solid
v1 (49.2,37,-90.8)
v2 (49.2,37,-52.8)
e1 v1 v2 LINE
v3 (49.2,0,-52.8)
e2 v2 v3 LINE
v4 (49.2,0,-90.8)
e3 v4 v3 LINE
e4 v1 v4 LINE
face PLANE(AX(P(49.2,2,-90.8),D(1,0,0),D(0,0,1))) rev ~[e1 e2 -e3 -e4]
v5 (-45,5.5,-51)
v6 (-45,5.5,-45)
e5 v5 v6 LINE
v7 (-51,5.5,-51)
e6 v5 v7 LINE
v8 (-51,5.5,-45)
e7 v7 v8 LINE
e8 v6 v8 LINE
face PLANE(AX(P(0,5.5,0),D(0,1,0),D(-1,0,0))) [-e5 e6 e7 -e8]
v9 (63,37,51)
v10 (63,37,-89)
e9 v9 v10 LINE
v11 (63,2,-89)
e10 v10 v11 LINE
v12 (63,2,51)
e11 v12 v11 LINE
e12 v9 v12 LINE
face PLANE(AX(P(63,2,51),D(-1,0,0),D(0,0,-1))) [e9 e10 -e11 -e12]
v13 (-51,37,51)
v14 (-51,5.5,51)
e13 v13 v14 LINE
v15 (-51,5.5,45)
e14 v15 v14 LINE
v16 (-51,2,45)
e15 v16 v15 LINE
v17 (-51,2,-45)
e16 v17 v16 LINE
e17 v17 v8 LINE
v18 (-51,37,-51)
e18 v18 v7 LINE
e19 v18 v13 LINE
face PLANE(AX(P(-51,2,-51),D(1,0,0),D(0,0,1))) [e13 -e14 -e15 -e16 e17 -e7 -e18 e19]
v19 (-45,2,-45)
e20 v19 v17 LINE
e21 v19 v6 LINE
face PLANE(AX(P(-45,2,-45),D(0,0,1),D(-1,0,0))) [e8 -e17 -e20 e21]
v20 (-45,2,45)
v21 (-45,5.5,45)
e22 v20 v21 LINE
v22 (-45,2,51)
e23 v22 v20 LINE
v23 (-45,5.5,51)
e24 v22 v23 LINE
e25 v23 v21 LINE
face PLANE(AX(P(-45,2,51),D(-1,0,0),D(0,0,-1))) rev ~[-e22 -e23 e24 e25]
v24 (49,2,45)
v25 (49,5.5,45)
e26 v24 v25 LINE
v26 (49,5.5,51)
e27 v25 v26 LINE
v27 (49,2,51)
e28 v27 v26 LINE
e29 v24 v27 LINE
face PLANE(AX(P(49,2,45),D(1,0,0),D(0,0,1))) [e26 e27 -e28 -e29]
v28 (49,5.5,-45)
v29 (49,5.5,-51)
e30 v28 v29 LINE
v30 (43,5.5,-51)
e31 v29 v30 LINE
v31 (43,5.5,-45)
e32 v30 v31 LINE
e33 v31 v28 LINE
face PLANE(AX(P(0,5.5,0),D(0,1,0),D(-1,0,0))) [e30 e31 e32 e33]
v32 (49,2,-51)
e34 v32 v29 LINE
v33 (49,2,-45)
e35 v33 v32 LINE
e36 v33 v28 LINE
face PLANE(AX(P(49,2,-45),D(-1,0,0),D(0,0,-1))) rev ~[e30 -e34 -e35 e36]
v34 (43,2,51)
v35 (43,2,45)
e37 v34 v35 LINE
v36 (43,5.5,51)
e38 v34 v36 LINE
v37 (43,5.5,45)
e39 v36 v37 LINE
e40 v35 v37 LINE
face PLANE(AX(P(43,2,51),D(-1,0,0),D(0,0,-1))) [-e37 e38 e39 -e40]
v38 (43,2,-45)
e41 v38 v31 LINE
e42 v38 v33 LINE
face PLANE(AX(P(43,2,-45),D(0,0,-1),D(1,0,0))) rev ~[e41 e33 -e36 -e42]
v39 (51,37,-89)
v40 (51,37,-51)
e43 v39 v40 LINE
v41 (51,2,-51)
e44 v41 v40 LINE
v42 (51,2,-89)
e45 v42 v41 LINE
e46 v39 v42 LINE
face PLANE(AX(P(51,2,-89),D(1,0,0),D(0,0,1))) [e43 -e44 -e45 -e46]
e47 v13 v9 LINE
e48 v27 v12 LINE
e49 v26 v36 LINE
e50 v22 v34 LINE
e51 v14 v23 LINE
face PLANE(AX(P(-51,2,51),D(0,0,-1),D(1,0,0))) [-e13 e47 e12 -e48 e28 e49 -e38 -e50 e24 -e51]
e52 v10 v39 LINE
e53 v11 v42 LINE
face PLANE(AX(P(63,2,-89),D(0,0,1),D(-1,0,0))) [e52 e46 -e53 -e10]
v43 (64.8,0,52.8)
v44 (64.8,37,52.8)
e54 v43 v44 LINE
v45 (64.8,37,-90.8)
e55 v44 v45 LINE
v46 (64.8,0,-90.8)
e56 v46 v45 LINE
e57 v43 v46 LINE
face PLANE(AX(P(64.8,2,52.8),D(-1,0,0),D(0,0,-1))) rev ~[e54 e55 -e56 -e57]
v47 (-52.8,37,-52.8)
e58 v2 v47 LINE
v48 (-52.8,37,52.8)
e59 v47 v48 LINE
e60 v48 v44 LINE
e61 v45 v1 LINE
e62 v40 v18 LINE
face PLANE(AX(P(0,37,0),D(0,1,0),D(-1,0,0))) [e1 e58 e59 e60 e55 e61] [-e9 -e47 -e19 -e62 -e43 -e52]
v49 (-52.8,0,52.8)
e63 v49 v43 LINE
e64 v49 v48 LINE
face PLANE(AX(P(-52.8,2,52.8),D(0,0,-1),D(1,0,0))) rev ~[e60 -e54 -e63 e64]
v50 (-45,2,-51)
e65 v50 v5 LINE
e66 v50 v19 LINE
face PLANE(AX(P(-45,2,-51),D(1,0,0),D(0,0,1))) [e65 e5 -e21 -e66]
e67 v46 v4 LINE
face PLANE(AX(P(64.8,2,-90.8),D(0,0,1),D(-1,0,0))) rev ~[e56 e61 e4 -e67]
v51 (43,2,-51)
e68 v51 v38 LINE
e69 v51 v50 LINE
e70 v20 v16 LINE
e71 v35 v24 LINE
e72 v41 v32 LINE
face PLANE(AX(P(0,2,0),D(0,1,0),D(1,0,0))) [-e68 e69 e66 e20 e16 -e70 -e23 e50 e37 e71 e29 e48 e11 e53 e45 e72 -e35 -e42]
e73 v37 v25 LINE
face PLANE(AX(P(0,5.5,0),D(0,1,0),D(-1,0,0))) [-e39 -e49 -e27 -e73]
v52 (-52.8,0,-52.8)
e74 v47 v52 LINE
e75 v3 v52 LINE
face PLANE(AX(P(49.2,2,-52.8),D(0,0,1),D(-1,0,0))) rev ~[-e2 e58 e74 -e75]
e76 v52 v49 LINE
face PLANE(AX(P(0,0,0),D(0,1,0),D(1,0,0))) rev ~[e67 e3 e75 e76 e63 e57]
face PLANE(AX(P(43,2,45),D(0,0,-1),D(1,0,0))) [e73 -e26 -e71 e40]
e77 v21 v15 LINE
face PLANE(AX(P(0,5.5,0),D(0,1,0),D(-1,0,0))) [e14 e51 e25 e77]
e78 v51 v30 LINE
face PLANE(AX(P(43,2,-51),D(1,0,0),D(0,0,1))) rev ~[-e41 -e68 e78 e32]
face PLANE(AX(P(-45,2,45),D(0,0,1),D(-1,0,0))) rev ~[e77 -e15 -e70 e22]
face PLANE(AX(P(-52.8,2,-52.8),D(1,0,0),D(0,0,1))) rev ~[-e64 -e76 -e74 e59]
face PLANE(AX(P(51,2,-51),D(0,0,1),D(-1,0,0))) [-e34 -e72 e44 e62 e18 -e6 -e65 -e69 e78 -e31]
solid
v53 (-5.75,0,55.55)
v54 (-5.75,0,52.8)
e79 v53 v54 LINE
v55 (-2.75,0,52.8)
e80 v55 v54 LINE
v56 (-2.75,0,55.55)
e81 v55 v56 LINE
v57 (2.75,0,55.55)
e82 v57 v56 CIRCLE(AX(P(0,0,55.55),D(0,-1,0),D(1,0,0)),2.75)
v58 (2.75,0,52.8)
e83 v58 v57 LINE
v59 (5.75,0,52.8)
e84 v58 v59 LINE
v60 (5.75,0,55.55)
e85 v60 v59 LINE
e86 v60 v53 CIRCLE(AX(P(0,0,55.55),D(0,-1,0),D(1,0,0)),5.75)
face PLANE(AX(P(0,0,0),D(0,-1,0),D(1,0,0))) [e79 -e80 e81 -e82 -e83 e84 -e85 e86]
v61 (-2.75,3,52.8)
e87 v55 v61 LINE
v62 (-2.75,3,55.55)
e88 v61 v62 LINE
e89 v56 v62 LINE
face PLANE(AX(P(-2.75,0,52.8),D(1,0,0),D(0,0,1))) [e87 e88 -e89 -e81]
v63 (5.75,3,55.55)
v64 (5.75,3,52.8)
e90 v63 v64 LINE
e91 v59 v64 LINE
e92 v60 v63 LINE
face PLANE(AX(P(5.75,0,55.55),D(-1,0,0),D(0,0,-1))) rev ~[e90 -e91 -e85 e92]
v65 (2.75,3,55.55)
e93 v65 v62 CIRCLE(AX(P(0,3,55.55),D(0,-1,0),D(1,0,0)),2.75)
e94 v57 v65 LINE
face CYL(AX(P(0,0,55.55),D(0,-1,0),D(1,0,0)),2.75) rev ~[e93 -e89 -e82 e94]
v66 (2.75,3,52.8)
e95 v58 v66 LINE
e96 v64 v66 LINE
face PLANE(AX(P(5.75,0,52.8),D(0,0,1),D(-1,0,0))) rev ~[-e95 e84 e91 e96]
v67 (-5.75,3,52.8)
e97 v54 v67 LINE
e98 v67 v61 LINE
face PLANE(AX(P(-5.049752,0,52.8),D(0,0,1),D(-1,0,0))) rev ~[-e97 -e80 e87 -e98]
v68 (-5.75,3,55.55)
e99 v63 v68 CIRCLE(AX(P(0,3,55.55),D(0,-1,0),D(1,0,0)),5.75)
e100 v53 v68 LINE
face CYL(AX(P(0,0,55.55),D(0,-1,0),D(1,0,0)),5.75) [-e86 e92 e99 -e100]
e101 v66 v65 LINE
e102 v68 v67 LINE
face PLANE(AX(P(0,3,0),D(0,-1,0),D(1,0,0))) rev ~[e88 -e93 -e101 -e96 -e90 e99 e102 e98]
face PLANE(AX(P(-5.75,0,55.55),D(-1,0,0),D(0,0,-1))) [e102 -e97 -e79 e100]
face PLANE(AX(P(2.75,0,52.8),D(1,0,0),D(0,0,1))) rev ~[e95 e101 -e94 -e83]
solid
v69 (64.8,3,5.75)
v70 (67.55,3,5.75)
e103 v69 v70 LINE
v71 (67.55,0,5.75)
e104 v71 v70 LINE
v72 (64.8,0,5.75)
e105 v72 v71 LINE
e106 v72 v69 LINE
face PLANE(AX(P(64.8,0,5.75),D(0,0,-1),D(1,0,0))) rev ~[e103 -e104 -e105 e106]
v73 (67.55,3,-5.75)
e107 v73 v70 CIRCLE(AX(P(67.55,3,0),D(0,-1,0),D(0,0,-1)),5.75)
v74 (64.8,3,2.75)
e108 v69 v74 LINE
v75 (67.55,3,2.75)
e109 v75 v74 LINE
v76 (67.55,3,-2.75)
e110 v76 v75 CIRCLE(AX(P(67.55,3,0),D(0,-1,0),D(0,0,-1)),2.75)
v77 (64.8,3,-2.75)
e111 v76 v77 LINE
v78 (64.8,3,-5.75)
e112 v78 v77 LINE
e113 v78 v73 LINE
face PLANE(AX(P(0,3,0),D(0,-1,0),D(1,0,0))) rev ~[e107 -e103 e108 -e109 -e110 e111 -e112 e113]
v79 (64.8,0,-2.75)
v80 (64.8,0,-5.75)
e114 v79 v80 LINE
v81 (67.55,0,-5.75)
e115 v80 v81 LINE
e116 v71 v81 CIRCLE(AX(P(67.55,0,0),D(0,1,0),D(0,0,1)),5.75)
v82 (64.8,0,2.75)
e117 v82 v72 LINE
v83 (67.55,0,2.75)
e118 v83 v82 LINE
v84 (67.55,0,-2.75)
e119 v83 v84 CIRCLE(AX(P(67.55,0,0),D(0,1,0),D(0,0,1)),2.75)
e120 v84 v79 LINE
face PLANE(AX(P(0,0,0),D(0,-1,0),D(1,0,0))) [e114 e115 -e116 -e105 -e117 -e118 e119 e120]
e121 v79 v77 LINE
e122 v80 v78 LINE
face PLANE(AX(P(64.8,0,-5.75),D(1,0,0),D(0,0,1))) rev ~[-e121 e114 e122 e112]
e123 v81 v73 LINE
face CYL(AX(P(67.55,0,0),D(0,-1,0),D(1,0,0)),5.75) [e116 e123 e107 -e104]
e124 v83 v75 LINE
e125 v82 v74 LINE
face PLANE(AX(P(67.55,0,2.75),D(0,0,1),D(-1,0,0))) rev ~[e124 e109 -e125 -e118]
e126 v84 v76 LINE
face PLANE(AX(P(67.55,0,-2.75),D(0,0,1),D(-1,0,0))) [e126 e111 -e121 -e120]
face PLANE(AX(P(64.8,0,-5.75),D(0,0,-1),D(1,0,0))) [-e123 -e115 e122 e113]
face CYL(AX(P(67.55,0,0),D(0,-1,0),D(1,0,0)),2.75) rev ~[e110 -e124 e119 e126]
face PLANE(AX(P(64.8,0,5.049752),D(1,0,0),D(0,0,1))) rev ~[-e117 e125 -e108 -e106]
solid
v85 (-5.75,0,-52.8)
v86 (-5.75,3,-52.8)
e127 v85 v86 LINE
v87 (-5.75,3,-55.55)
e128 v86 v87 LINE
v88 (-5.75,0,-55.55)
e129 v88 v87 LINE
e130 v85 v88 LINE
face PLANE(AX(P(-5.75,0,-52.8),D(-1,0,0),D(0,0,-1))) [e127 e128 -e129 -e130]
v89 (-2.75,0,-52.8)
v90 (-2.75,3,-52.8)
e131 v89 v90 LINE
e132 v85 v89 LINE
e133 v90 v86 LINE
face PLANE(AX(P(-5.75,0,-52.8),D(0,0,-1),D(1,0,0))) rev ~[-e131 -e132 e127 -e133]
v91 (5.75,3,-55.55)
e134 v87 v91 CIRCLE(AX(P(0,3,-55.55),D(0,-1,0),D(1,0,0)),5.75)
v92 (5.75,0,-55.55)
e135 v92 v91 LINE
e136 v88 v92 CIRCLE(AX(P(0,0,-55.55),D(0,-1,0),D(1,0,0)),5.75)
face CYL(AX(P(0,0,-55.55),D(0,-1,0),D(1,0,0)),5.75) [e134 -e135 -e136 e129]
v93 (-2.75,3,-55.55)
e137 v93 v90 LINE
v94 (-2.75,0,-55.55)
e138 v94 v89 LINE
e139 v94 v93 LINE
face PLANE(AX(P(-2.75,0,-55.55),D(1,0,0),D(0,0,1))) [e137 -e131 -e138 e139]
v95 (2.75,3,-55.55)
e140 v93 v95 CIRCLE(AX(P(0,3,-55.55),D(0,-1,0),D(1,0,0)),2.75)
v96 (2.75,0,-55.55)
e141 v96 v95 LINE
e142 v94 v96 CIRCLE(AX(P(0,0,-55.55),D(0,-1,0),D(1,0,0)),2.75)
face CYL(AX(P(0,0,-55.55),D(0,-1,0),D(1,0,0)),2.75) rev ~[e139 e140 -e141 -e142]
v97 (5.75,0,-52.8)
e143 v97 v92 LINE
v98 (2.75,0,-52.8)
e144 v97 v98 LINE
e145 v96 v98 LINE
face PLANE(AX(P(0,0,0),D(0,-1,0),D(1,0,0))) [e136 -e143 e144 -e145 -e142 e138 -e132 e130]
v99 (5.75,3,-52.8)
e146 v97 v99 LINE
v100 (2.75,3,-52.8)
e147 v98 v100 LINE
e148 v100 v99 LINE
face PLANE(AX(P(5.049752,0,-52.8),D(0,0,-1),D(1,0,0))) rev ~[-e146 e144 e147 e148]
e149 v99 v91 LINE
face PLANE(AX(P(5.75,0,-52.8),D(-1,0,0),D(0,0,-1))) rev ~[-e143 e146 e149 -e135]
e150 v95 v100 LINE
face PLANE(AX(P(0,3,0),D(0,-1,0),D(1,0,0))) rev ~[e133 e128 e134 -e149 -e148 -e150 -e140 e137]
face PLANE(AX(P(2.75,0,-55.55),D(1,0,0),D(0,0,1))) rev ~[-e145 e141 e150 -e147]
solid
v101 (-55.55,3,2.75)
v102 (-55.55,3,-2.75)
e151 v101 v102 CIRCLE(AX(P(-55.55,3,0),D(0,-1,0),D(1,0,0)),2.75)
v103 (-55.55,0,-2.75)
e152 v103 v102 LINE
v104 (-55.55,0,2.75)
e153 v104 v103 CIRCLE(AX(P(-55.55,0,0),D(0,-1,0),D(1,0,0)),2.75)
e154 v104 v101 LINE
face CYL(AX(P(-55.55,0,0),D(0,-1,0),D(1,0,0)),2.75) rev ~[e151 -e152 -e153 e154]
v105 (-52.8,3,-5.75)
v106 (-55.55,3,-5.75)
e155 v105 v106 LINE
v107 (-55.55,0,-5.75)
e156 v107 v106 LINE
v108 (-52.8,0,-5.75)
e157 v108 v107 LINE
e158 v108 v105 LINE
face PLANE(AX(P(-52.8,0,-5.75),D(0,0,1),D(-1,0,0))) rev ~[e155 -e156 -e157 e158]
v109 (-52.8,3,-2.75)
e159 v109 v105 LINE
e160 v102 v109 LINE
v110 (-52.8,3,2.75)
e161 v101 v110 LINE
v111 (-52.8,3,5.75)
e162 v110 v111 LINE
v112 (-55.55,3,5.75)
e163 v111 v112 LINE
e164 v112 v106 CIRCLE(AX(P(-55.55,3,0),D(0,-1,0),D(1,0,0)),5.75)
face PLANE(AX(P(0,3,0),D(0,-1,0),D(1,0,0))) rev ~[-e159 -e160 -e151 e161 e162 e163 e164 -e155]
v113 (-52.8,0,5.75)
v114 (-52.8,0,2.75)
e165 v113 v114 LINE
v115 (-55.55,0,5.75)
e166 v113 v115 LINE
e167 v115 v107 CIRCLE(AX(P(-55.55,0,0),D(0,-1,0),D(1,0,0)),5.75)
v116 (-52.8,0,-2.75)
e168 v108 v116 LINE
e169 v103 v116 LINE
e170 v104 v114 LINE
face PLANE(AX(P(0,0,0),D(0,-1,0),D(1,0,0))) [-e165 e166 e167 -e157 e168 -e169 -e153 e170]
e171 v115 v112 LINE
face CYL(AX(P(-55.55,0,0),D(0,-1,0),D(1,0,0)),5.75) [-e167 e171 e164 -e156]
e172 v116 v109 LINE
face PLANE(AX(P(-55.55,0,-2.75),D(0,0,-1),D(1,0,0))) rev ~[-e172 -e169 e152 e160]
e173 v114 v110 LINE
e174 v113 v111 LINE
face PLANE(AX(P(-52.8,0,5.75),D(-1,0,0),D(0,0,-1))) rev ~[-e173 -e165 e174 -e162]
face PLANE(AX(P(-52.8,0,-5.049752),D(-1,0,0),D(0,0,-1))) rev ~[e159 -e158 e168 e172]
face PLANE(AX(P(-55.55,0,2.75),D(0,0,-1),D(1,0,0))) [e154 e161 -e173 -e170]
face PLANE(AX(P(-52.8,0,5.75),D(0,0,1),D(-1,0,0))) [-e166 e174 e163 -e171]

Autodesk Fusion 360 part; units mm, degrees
sketch "Sketch2" plane through (0, 0, 0) normal (0, 1, 0) x (1, 0, 0)
  line L0 (-51, 51) -> (-51, -51)
  line L1 (-51, -51) -> (63, -51)
  line L2 (63, -51) -> (63, 89)
  line L3 (63, 89) -> (51, 89)
  line L4 (51, 89) -> (51, 51)
  line L5 (51, 51) -> (-51, 51)
  dimension "d11" = 51
  dimension "d12" = 102
  dimension "d13" = 51
  dimension "d14" = 12
  dimension "d15" = 140
  dimension "d33" = 102
extrude "Extrude2" add sketch "Sketch2" along normal blind 2 makes body 1
sketch "Sketch3" plane through (0, 2, 0) normal (0, 1, 0) x (-1, 0, 0)
  line L0 (-51, -51) -> (51, -51)
  line L1 (51, -51) -> (51, 51)
  line L2 (51, 51) -> (-63, 51)
  line L3 (-63, 51) -> (-63, -89)
  line L4 (-63, -89) -> (-51, -89)
  line L5 (-51, -89) -> (-51, -51)
  line L6 (52.8, 52.8) -> (-64.8, 52.8)
  line L7 (-64.8, 52.8) -> (-64.8, -90.8)
  line L8 (-64.8, -90.8) -> (-49.2, -90.8)
  line L9 (-49.2, -90.8) -> (-49.2, -52.8)
  line L10 (-49.2, -52.8) -> (52.8, -52.8)
  line L11 (52.8, -52.8) -> (52.8, 52.8)
  dimension "d21" = 1.8
extrude "Extrude3" add sketch "Sketch3" along normal blind 35 and the other way blind 2 bodies 1
sketch "Sketch4" plane through (0, 2, 0) normal (0, 1, 0) x (-1, 0, 0)
  line L0 (-51, -51) -> (51, -51)
  line L1 (51, -51) -> (51, 51)
  line L2 (-63, -89) -> (-51, -89)
  line L3 (-51, -89) -> (-51, -51)
  line L4 (51, -51) -> (45, -51)
  line L5 (45, -51) -> (45, -45)
  line L6 (45, -45) -> (51, -45)
  line L7 (51, -45) -> (51, -51)
  line L8 (51, 51) -> (45, 51)
  line L9 (45, 51) -> (45, 45)
  line L10 (45, 45) -> (51, 45)
  line L11 (51, 45) -> (51, 51)
  line L12 (-43, -45) -> (-49, -45)
  line L13 (-49, -45) -> (-49, -51)
  line L14 (-49, -51) -> (-43, -51)
  line L15 (-43, -51) -> (-43, -45)
  line L16 (-43, 45) -> (-49, 45)
  line L17 (-49, 45) -> (-49, 51)
  line L18 (-49, 51) -> (-43, 51)
  line L19 (-43, 51) -> (-43, 45)
  dimension "d24" = 6
  dimension "d25" = 6
  dimension "d26" = 6
  dimension "d27" = 6
  dimension "d30" = 6
  dimension "d31" = 6
  dimension "d32" = 100
  dimension "d34" = 6
  dimension "d35" = 6
  dimension "d36" = 100
extrude "Extrude4" add sketch "Sketch4" along normal blind 3.5 bodies 1
sketch "Sketch5" plane through (0, 0, 0) normal (0, -1, 0) x (1, 0, 0)
  line L0 (-52.8, 52.8) -> (-52.8, -52.8)
  line L1 (-52.8, -52.8) -> (49.2, -52.8)
  line L2 (49.2, -52.8) -> (49.2, -90.8)
  line L3 (49.2, -90.8) -> (64.8, -90.8)
  line L4 (64.8, -90.8) -> (64.8, 52.8)
  line L5 (64.8, 52.8) -> (-52.8, 52.8)
  line L6 (-5.75, 52.8) -> (-2.75, 52.8)
  line L7 (-2.75, 52.8) -> (-2.75, 55.55)
  line L8 (-2.75, 55.55) -> (-5.75, 55.55)
  line L9 (-5.75, 55.55) -> (-5.75, 52.8)
  line L10 (5.75, 52.8) -> (2.75, 52.8)
  line L11 (2.75, 52.8) -> (2.75, 55.55)
  line L12 (2.75, 55.55) -> (5.75, 55.55)
  line L13 (5.75, 55.55) -> (5.75, 52.8)
  circle A0 centre (0, 55.55) radius 5.75
  circle A1 centre (0, 55.55) radius 2.75
  line L14 (-55.55, 5.75) -> (-55.55, 2.75)
  line L15 (-52.8, 5.75) -> (-55.55, 5.75)
  circle A2 centre (-55.55, 0) radius 2.75
  circle A3 centre (-55.55, 0) radius 5.75
  line L16 (-55.55, 2.75) -> (-52.8, 2.75)
  line L17 (-52.8, 2.75) -> (-52.8, 5.75)
  line L18 (-52.8, -5.75) -> (-55.55, -5.75)
  line L19 (-55.55, -2.75) -> (-52.8, -2.75)
  line L20 (-52.8, -2.75) -> (-52.8, -5.75)
  line L21 (-55.55, -5.75) -> (-55.55, -2.75)
  line L22 (64.8, -5.75) -> (67.55, -5.75)
  line L23 (64.8, 5.75) -> (67.55, 5.75)
  circle A4 centre (67.55, 0) radius 2.75
  line L24 (64.8, -2.75) -> (64.8, -5.75)
  line L25 (67.55, -2.75) -> (64.8, -2.75)
  line L26 (67.55, 2.75) -> (64.8, 2.75)
  line L27 (67.55, 5.75) -> (67.55, 2.75)
  line L28 (64.8, 2.75) -> (64.8, 5.75)
  circle A5 centre (67.55, 0) radius 5.75
  line L29 (67.55, -5.75) -> (67.55, -2.75)
  line L30 (2.75, -52.8) -> (5.75, -52.8)
  line L31 (-2.75, -52.8) -> (-5.75, -52.8)
  line L32 (-2.75, -55.55) -> (-2.75, -52.8)
  line L33 (-5.75, -52.8) -> (-5.75, -55.55)
  line L34 (5.75, -55.55) -> (2.75, -55.55)
  line L35 (-5.75, -55.55) -> (-2.75, -55.55)
  line L36 (2.75, -55.55) -> (2.75, -52.8)
  circle A6 centre (0, -55.55) radius 2.75
  line L37 (5.75, -52.8) -> (5.75, -55.55)
  circle A7 centre (0, -55.55) radius 5.75
  dimension "d39" = 3
  dimension "d40" = 3
  dimension "d41" = 5.5
  dimension "d42" = 5.5
  dimension "d56" = 5.5
  dimension "d57" = 3
  dimension "d62" = 2.75
  dimension "d64" = 2.75
  dimension "d66" = 5.5
  dimension "d67" = 3
  dimension "d68" = 5.5
  dimension "d69" = 3
  dimension "d70" = 2.75
  dimension "d71" = 2.75
extrude "Extrude5" add sketch "Sketch5" against normal blind 3 separate body contours L0 L15 A3 L17 | L5 L6 L9 A0 | L0 L14 A3 L16 L17 | L14 A2 A3 L21 | L5 L6 L7 L8 A0 | L8 L12 A0 A1 | L0 A3 L19 L20 L21 | L0 A3 L18 L20 | L5 L10 L13 A0 | L5 L10 L11 L12 A0 | L1 L31 L33 A7 | L4 L23 L28 A5 | L1 L31 L32 L35 A7 | L34 L35 A6 A7 | L4 L26 L27 L28 A5 | A4 L27 A5 L29 | L1 L30 L34 L36 A7 | L1 L30 L37 A7 | L4 L22 L24 A5 | L4 L24 L25 A5 L29 makes body 2 at (-4.75, 0, 54.6333) makes body 3 at (-53.7167, 0, -3.75) makes body 4 at (65.7167, 0, 3.75) makes body 5 at (3.75, 0, -54.6333)
equation "d10 = 102 mm"
equation "d11 = d10 / 2"
equation "d13 = d12 / 2"
equation "d21 = ( 0.6 * 3 ) * 1 mm"
equation "d40 = d39"
equation "d42 = d41"
equation "d48 = 5.5 mm"
equation "d56 = d48"
equation "d57 = d39"
equation "d64 = d62"
equation "d66 = d48"
equation "d67 = d39"
equation "d68 = d48"
equation "d69 = d39"
equation "d70 = d62"
equation "d71 = d62"
